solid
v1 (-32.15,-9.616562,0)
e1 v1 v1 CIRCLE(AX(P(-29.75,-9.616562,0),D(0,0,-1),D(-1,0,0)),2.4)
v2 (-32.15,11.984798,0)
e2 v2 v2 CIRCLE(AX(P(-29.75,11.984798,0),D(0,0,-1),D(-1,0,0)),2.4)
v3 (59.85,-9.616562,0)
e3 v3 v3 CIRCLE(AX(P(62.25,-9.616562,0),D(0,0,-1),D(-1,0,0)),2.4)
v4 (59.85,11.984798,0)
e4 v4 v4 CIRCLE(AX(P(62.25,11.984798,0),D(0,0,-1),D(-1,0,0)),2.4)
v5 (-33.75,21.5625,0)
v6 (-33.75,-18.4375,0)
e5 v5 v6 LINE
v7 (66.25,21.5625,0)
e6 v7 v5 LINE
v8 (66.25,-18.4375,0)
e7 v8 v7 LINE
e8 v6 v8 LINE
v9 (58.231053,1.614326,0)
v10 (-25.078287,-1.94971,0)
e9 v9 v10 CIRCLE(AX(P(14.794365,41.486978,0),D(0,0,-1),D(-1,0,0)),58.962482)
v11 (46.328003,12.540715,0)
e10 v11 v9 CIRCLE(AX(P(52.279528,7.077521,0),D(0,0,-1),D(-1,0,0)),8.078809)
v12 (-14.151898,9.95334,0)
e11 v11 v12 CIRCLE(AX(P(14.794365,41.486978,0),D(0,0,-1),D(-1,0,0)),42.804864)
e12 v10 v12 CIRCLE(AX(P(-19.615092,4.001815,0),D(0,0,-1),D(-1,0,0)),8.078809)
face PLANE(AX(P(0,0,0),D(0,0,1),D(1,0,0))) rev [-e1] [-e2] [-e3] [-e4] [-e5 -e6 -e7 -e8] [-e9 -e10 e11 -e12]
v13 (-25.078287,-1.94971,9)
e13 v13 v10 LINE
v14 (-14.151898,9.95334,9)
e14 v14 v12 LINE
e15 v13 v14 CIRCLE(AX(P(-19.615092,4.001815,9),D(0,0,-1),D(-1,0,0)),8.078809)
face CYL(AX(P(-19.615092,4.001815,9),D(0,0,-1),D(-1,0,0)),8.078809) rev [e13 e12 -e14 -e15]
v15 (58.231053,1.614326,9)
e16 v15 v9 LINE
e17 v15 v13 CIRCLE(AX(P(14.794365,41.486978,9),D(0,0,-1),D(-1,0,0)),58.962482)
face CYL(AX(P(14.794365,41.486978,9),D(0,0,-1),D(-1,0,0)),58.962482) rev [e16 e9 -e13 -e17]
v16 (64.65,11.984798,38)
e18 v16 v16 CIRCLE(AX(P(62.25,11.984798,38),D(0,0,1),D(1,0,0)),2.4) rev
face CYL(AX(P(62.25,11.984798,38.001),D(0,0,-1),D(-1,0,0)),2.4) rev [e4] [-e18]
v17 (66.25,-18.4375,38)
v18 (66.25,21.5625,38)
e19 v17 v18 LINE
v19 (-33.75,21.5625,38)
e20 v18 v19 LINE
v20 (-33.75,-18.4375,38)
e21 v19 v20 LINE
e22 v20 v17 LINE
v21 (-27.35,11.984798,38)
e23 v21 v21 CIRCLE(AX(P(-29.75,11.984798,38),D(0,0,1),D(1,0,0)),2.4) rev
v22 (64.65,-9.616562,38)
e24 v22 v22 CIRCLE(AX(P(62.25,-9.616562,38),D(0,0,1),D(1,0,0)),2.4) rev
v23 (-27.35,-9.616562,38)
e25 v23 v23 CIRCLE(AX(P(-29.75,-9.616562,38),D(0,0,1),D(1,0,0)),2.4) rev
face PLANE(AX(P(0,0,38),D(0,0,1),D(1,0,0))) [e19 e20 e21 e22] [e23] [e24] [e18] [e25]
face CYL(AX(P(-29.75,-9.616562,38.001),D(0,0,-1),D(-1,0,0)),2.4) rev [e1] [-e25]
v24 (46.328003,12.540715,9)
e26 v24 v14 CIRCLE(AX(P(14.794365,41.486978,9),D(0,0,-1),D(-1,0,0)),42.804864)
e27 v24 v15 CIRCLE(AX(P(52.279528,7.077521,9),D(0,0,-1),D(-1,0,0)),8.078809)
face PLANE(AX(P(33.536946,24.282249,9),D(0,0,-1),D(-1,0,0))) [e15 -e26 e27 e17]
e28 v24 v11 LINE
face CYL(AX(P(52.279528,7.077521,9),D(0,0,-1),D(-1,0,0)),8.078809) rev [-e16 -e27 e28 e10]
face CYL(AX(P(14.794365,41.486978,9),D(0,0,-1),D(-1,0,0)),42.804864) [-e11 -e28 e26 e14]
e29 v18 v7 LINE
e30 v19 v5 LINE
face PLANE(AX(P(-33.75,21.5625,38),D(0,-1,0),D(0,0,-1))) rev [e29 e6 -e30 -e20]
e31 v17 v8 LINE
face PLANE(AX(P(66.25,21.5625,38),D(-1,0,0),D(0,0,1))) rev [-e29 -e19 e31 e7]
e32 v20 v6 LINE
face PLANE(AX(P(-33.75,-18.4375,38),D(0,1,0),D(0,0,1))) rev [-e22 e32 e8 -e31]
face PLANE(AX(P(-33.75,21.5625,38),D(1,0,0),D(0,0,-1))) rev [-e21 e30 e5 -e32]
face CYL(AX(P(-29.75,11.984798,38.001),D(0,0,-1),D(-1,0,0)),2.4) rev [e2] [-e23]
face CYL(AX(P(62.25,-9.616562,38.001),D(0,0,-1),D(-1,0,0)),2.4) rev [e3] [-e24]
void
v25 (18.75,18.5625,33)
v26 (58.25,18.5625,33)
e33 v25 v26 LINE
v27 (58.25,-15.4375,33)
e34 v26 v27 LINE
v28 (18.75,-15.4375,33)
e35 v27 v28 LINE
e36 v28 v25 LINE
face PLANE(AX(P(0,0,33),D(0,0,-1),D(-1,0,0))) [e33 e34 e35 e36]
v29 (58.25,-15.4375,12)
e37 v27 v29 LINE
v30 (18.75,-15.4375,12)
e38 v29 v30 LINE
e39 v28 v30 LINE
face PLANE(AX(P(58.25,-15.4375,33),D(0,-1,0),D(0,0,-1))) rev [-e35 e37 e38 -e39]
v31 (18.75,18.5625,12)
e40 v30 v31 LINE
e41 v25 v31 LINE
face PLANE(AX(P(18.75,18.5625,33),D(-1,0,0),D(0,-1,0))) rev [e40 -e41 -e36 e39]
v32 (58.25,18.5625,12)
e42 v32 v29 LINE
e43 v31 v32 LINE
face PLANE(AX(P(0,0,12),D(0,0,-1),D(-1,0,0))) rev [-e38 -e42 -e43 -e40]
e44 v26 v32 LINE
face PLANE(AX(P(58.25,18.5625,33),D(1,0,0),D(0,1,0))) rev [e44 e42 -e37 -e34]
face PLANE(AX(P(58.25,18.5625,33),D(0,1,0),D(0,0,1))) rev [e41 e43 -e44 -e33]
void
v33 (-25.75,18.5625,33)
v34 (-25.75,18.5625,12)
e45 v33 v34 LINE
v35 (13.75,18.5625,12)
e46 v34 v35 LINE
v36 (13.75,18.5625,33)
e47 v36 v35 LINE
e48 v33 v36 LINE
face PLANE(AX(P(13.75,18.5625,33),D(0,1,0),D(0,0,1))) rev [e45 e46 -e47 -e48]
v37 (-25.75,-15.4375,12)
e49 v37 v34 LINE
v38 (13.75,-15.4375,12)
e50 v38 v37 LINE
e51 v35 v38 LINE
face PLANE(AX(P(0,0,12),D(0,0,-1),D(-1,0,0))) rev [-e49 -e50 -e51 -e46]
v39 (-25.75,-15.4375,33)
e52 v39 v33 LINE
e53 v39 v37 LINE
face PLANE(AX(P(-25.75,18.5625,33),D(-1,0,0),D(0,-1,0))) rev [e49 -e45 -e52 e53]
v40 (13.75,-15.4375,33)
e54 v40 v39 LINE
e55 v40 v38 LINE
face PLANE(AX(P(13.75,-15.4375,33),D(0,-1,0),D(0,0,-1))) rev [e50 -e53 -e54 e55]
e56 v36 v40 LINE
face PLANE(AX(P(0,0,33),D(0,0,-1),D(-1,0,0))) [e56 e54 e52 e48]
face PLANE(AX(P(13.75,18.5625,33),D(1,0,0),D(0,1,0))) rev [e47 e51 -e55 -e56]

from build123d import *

# Parameters (mm, degrees)
SKETCH1_W           = 100
SKETCH1_H           = 40
BOSS_EXTRUDE1_DEPTH = 38
CUT_EXTRUDE2_START  = -12
SKETCH2_W           = 39.5
SKETCH2_H           = 34
CUT_EXTRUDE2_DEPTH  = 21
CUT_EXTRUDE3_DEPTH  = 9
CUT_EXTRUDE4_REACH  = 81.36
SKETCH4_R           = 2.4


with BuildPart() as part:
    # Sketch1 → Boss-Extrude1 (new body)
    with BuildSketch(Plane.XY):
        with Locations((16.25, 1.5625)):
            Rectangle(SKETCH1_W, SKETCH1_H)
    extrude(amount=BOSS_EXTRUDE1_DEPTH)

    # Sketch2 → Cut-Extrude2 (cut)
    with BuildSketch(Plane(origin=(0, 0, 0), x_dir=(-1, 0, 0), z_dir=(0, 0, -1)).offset(CUT_EXTRUDE2_START)):
        with Locations((-38.5, 1.5625)):
            Rectangle(SKETCH2_W, SKETCH2_H)
        with Locations((6, 1.5625)):
            Rectangle(SKETCH2_W, SKETCH2_H)
    extrude(amount=-CUT_EXTRUDE2_DEPTH, mode=Mode.SUBTRACT)

    # Sketch3 → Cut-Extrude3 (cut)
    with BuildSketch(Plane(origin=(-3.362318072, 0, 0), x_dir=(-1, 0, 0), z_dir=(0, 0, -1))):
        with BuildLine():
            ThreePointArc((-61.593370612, 1.614325749), (-20.676836723, -17.421621422), (21.715969185, -1.949710178))
            ThreePointArc((21.715969185, -1.949710178), (22.204299442, 9.465009595), (10.78957967, 9.953339852))
            ThreePointArc((10.78957967, 9.953339852), (-19.986233449, -1.278769909), (-49.690320582, 12.540715264))
            ThreePointArc((-49.690320582, 12.540715264), (-61.105040355, 13.029045522), (-61.593370612, 1.614325749))
        make_face()
    extrude(amount=-CUT_EXTRUDE3_DEPTH, mode=Mode.SUBTRACT)

    # Sketch4 → Cut-Extrude4 (cut, up to next)
    with BuildSketch(Plane(origin=(0, 0, 0), x_dir=(-1, 0, 0), z_dir=(0, 0, -1)), mode=Mode.PRIVATE) as cut_extrude4_sk1:
        with Locations((-62.25, 11.98479819)):
            Circle(SKETCH4_R)
    cut_extrude4_tool1 = extrude(cut_extrude4_sk1.sketch, amount=-CUT_EXTRUDE4_REACH, mode=Mode.PRIVATE) & part.part
    # Sketch4 → Cut-Extrude4 (cut, up to next)
    with BuildSketch(Plane(origin=(0, 0, 0), x_dir=(-1, 0, 0), z_dir=(0, 0, -1)), mode=Mode.PRIVATE) as cut_extrude4_sk2:
        with Locations((-62.25, -9.616561755)):
            Circle(SKETCH4_R)
    cut_extrude4_tool2 = extrude(cut_extrude4_sk2.sketch, amount=-CUT_EXTRUDE4_REACH, mode=Mode.PRIVATE) & part.part
    # Sketch4 → Cut-Extrude4 (cut, up to next)
    with BuildSketch(Plane(origin=(0, 0, 0), x_dir=(-1, 0, 0), z_dir=(0, 0, -1)), mode=Mode.PRIVATE) as cut_extrude4_sk3:
        with Locations((29.75, 11.98479819)):
            Circle(SKETCH4_R)
    cut_extrude4_tool3 = extrude(cut_extrude4_sk3.sketch, amount=-CUT_EXTRUDE4_REACH, mode=Mode.PRIVATE) & part.part
    # Sketch4 → Cut-Extrude4 (cut, up to next)
    with BuildSketch(Plane(origin=(0, 0, 0), x_dir=(-1, 0, 0), z_dir=(0, 0, -1)), mode=Mode.PRIVATE) as cut_extrude4_sk4:
        with Locations((29.75, -9.616561755)):
            Circle(SKETCH4_R)
    cut_extrude4_tool4 = extrude(cut_extrude4_sk4.sketch, amount=-CUT_EXTRUDE4_REACH, mode=Mode.PRIVATE) & part.part
    add(cut_extrude4_tool1.solids().sort_by_distance((62.25, 11.984798, 0))[0], mode=Mode.SUBTRACT)
    add(cut_extrude4_tool2.solids().sort_by_distance((62.25, -9.616562, 0))[0], mode=Mode.SUBTRACT)
    add(cut_extrude4_tool3.solids().sort_by_distance((-29.75, 11.984798, 0))[0], mode=Mode.SUBTRACT)
    add(cut_extrude4_tool4.solids().sort_by_distance((-29.75, -9.616562, 0))[0], mode=Mode.SUBTRACT)


solid = part.part
